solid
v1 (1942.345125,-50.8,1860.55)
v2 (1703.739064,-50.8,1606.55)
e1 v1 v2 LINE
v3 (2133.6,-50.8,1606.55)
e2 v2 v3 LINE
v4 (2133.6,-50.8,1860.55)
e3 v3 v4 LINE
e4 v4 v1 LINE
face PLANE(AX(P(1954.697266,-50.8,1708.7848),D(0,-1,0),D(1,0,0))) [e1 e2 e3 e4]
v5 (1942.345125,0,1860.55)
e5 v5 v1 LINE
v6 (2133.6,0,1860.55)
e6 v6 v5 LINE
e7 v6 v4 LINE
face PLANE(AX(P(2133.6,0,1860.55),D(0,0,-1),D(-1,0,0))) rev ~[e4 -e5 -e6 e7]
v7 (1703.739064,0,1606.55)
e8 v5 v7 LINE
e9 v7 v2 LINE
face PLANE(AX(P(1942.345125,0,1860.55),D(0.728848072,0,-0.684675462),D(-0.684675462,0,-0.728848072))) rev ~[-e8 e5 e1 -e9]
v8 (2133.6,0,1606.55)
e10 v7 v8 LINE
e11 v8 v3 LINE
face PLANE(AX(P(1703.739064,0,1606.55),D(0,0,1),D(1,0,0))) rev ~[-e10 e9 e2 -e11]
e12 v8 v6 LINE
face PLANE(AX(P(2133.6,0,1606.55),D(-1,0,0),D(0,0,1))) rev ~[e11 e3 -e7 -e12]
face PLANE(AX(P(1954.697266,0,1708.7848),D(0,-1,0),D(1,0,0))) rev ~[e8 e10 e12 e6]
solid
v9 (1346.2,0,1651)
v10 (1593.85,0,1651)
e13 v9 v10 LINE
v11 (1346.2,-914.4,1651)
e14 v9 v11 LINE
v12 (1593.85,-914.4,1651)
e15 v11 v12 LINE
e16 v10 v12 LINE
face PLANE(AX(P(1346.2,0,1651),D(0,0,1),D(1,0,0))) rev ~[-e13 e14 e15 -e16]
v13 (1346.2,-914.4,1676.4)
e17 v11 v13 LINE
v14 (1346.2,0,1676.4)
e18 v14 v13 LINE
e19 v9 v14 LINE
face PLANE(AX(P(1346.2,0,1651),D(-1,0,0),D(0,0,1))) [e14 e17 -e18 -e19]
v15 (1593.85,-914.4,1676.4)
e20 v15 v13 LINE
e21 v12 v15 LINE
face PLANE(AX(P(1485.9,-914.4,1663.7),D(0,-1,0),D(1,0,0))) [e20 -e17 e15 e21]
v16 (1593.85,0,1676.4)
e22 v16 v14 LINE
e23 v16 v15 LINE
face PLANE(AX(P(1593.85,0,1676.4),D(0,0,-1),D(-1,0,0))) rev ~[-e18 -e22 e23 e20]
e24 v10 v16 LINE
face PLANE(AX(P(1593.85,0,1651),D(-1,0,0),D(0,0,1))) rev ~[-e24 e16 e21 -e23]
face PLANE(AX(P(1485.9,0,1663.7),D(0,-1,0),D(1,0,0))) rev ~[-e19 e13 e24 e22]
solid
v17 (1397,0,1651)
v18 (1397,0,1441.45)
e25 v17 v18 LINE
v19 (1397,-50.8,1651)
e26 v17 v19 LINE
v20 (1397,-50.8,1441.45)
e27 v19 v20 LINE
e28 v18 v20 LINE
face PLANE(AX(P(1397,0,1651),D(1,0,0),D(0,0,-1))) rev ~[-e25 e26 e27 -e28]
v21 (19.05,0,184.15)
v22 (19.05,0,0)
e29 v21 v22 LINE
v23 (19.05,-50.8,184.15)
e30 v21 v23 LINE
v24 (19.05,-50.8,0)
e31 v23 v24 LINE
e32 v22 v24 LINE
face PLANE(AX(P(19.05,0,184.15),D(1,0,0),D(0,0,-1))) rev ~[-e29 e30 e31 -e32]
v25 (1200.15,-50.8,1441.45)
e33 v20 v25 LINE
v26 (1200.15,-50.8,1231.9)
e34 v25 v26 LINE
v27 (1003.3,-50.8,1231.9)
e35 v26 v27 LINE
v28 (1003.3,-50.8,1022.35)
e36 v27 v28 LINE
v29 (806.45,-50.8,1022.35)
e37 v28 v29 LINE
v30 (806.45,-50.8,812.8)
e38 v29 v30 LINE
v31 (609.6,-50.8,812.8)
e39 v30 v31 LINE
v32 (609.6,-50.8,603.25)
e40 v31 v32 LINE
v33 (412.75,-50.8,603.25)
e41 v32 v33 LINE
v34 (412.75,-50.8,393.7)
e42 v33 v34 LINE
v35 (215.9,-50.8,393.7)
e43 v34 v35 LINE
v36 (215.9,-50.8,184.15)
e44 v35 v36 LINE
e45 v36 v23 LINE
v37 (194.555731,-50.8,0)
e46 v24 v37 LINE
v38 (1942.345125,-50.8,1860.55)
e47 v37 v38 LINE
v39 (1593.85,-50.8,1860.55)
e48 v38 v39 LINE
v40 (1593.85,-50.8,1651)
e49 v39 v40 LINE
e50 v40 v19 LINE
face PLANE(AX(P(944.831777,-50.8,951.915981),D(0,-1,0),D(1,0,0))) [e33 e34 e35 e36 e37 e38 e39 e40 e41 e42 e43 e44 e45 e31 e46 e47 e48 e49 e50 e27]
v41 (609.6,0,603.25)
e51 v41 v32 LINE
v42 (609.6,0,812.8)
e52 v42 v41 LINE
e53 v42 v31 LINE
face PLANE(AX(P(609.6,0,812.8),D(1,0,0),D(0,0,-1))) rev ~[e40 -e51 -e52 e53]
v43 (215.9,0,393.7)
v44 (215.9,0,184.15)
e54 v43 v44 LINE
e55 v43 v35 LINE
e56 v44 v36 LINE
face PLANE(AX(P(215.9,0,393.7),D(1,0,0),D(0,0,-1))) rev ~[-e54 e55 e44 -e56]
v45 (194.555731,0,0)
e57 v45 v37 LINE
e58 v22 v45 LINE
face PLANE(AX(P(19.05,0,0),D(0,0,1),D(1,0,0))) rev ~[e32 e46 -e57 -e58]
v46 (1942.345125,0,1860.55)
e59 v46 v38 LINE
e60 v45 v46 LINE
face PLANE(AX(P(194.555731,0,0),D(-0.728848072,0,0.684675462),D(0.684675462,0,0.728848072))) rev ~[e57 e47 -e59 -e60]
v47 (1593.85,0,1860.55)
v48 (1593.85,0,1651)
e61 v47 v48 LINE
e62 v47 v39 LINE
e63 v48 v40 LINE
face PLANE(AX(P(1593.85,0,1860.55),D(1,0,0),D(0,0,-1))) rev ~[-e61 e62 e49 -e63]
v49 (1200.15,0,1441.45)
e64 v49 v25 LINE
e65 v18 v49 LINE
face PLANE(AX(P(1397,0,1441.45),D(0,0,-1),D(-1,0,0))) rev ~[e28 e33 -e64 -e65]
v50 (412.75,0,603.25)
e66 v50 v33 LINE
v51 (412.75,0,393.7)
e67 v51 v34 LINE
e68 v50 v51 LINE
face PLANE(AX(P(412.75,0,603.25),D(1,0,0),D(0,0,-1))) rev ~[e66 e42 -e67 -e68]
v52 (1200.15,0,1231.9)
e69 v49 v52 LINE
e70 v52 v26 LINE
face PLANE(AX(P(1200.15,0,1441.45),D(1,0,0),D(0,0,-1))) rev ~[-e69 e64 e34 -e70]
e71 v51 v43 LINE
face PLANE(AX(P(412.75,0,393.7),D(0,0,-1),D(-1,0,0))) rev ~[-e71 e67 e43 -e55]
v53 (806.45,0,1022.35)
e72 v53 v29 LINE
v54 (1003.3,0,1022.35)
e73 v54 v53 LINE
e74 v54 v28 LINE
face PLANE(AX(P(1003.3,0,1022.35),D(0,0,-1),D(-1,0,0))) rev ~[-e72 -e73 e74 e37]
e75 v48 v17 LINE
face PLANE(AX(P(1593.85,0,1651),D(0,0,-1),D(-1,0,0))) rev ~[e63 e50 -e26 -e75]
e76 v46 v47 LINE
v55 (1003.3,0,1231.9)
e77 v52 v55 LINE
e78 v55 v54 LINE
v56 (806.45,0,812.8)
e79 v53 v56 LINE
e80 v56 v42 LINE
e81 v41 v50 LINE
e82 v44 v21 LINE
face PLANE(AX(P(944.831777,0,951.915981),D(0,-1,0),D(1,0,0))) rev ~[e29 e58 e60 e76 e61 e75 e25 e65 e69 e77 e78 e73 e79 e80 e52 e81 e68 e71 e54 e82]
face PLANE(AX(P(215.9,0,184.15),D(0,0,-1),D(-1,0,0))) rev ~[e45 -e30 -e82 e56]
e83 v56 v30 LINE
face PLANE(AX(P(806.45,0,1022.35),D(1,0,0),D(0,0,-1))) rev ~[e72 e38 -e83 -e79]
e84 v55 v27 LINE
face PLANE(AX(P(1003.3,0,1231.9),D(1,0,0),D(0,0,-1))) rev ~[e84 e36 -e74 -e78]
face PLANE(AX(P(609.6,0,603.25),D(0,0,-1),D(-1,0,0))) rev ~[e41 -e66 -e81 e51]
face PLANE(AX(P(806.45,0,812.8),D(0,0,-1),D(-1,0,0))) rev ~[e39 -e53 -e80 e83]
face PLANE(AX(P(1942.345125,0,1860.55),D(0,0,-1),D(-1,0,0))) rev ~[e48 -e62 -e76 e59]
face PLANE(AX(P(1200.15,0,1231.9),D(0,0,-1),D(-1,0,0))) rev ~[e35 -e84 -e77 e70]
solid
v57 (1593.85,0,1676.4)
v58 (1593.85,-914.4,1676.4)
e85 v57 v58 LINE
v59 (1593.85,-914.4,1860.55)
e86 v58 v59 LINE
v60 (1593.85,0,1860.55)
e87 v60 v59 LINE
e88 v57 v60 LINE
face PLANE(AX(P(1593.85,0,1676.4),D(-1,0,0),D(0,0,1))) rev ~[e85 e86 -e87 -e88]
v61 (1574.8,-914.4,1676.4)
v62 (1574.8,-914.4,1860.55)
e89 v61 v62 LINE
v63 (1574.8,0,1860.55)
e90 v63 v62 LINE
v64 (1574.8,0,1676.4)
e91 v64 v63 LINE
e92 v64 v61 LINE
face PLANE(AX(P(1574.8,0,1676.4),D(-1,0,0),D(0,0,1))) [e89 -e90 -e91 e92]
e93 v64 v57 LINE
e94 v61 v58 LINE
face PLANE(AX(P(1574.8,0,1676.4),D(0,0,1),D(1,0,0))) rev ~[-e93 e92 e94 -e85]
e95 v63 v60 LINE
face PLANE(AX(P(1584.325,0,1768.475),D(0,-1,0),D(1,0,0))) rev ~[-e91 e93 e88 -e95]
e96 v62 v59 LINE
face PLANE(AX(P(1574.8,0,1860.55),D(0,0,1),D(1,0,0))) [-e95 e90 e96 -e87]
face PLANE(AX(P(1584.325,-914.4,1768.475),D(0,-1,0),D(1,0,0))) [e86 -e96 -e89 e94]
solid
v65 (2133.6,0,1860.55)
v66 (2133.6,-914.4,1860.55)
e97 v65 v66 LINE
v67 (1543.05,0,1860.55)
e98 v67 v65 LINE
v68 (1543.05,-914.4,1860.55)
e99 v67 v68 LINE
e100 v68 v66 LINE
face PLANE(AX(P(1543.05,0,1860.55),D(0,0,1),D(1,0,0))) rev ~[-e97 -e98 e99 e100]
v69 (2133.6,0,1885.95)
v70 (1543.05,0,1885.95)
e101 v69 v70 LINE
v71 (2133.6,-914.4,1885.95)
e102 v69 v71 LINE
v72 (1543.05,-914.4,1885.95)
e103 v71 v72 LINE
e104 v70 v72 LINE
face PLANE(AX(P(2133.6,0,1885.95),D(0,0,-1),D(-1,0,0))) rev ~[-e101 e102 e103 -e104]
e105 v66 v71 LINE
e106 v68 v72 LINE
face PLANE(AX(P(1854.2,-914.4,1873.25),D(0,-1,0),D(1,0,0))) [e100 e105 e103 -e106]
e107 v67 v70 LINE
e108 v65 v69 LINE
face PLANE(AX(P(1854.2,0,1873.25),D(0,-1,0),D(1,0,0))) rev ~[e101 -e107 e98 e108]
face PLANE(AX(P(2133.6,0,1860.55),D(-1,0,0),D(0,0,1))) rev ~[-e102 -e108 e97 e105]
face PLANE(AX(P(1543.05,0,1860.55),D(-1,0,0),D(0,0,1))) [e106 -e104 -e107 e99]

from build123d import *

# Parameters (mm, degrees)
F1_DEPTH = 50.8
F0_W     = 31.75
F0_H     = 25.4
F2_DEPTH = 914.4
F3_DEPTH = 914.4
F0_W_2   = 19.05
F0_H_2   = 184.15
F4_DEPTH = 914.4
F5_DEPTH = 50.8


with BuildPart() as f1:
    # F0 (on Front) → F1 (new body)
    with BuildSketch(Plane.XZ):
        Polygon((19.05, 184.15), (19.05, 0), (194.5557310738, 0), (1703.7390644071, 1606.55), (1942.3451250132, 1860.55), (1593.85, 1860.55), (1593.85, 1676.4), (1593.85, 1651), (1397, 1651), (1397, 1466.85), (1397, 1441.45), (1200.15, 1441.45), (1200.15, 1257.3), (1200.15, 1231.9), (1003.3, 1231.9), (1003.3, 1047.75), (1003.3, 1022.35), (806.45, 1022.35), (806.45, 838.2), (806.45, 812.8), (609.6, 812.8), (609.6, 628.65), (609.6, 603.25), (412.75, 603.25), (412.75, 419.1), (412.75, 393.7), (215.9, 393.7), (215.9, 209.55), (215.9, 184.15), align=None)
    extrude(amount=F1_DEPTH)


with BuildPart() as f2:
    # F0 (on Front) → F2 (new body)
    with BuildSketch(Plane.XZ):
        Polygon((1593.85, 1651), (1593.85, 1676.4), (1574.8, 1676.4), (1377.95, 1676.4), (1377.95, 1651), (1397, 1651), align=None)
        with Locations((1362.075, 1663.7)):
            Rectangle(F0_W, F0_H)
    extrude(amount=F2_DEPTH)


with BuildPart() as f3:
    # F0 (on Front) → F3 (new body)
    with BuildSketch(Plane.XZ):
        Polygon((1593.85, 1860.55), (1942.3451250132, 1860.55), (2133.6, 1860.55), (2133.6, 1885.95), (1574.8, 1885.95), (1574.8, 1860.55), align=None)
        with Locations((1558.925, 1873.25)):
            Rectangle(F0_W, F0_H)
    extrude(amount=F3_DEPTH)


with BuildPart() as f4:
    # F0 (on Front) → F4 (new body)
    with BuildSketch(Plane.XZ):
        with Locations((1584.325, 1768.475)):
            Rectangle(F0_W_2, F0_H_2)
    extrude(amount=F4_DEPTH)


with BuildPart() as f5:
    # F0 (on Front) → F5 (new body)
    with BuildSketch(Plane.XZ):
        Polygon((1942.3451250132, 1860.55), (1703.7390644071, 1606.55), (2133.6, 1606.55), (2133.6, 1860.55), align=None)
    extrude(amount=F5_DEPTH)


solid = Compound([f1.part, f2.part, f3.part, f4.part, f5.part])
